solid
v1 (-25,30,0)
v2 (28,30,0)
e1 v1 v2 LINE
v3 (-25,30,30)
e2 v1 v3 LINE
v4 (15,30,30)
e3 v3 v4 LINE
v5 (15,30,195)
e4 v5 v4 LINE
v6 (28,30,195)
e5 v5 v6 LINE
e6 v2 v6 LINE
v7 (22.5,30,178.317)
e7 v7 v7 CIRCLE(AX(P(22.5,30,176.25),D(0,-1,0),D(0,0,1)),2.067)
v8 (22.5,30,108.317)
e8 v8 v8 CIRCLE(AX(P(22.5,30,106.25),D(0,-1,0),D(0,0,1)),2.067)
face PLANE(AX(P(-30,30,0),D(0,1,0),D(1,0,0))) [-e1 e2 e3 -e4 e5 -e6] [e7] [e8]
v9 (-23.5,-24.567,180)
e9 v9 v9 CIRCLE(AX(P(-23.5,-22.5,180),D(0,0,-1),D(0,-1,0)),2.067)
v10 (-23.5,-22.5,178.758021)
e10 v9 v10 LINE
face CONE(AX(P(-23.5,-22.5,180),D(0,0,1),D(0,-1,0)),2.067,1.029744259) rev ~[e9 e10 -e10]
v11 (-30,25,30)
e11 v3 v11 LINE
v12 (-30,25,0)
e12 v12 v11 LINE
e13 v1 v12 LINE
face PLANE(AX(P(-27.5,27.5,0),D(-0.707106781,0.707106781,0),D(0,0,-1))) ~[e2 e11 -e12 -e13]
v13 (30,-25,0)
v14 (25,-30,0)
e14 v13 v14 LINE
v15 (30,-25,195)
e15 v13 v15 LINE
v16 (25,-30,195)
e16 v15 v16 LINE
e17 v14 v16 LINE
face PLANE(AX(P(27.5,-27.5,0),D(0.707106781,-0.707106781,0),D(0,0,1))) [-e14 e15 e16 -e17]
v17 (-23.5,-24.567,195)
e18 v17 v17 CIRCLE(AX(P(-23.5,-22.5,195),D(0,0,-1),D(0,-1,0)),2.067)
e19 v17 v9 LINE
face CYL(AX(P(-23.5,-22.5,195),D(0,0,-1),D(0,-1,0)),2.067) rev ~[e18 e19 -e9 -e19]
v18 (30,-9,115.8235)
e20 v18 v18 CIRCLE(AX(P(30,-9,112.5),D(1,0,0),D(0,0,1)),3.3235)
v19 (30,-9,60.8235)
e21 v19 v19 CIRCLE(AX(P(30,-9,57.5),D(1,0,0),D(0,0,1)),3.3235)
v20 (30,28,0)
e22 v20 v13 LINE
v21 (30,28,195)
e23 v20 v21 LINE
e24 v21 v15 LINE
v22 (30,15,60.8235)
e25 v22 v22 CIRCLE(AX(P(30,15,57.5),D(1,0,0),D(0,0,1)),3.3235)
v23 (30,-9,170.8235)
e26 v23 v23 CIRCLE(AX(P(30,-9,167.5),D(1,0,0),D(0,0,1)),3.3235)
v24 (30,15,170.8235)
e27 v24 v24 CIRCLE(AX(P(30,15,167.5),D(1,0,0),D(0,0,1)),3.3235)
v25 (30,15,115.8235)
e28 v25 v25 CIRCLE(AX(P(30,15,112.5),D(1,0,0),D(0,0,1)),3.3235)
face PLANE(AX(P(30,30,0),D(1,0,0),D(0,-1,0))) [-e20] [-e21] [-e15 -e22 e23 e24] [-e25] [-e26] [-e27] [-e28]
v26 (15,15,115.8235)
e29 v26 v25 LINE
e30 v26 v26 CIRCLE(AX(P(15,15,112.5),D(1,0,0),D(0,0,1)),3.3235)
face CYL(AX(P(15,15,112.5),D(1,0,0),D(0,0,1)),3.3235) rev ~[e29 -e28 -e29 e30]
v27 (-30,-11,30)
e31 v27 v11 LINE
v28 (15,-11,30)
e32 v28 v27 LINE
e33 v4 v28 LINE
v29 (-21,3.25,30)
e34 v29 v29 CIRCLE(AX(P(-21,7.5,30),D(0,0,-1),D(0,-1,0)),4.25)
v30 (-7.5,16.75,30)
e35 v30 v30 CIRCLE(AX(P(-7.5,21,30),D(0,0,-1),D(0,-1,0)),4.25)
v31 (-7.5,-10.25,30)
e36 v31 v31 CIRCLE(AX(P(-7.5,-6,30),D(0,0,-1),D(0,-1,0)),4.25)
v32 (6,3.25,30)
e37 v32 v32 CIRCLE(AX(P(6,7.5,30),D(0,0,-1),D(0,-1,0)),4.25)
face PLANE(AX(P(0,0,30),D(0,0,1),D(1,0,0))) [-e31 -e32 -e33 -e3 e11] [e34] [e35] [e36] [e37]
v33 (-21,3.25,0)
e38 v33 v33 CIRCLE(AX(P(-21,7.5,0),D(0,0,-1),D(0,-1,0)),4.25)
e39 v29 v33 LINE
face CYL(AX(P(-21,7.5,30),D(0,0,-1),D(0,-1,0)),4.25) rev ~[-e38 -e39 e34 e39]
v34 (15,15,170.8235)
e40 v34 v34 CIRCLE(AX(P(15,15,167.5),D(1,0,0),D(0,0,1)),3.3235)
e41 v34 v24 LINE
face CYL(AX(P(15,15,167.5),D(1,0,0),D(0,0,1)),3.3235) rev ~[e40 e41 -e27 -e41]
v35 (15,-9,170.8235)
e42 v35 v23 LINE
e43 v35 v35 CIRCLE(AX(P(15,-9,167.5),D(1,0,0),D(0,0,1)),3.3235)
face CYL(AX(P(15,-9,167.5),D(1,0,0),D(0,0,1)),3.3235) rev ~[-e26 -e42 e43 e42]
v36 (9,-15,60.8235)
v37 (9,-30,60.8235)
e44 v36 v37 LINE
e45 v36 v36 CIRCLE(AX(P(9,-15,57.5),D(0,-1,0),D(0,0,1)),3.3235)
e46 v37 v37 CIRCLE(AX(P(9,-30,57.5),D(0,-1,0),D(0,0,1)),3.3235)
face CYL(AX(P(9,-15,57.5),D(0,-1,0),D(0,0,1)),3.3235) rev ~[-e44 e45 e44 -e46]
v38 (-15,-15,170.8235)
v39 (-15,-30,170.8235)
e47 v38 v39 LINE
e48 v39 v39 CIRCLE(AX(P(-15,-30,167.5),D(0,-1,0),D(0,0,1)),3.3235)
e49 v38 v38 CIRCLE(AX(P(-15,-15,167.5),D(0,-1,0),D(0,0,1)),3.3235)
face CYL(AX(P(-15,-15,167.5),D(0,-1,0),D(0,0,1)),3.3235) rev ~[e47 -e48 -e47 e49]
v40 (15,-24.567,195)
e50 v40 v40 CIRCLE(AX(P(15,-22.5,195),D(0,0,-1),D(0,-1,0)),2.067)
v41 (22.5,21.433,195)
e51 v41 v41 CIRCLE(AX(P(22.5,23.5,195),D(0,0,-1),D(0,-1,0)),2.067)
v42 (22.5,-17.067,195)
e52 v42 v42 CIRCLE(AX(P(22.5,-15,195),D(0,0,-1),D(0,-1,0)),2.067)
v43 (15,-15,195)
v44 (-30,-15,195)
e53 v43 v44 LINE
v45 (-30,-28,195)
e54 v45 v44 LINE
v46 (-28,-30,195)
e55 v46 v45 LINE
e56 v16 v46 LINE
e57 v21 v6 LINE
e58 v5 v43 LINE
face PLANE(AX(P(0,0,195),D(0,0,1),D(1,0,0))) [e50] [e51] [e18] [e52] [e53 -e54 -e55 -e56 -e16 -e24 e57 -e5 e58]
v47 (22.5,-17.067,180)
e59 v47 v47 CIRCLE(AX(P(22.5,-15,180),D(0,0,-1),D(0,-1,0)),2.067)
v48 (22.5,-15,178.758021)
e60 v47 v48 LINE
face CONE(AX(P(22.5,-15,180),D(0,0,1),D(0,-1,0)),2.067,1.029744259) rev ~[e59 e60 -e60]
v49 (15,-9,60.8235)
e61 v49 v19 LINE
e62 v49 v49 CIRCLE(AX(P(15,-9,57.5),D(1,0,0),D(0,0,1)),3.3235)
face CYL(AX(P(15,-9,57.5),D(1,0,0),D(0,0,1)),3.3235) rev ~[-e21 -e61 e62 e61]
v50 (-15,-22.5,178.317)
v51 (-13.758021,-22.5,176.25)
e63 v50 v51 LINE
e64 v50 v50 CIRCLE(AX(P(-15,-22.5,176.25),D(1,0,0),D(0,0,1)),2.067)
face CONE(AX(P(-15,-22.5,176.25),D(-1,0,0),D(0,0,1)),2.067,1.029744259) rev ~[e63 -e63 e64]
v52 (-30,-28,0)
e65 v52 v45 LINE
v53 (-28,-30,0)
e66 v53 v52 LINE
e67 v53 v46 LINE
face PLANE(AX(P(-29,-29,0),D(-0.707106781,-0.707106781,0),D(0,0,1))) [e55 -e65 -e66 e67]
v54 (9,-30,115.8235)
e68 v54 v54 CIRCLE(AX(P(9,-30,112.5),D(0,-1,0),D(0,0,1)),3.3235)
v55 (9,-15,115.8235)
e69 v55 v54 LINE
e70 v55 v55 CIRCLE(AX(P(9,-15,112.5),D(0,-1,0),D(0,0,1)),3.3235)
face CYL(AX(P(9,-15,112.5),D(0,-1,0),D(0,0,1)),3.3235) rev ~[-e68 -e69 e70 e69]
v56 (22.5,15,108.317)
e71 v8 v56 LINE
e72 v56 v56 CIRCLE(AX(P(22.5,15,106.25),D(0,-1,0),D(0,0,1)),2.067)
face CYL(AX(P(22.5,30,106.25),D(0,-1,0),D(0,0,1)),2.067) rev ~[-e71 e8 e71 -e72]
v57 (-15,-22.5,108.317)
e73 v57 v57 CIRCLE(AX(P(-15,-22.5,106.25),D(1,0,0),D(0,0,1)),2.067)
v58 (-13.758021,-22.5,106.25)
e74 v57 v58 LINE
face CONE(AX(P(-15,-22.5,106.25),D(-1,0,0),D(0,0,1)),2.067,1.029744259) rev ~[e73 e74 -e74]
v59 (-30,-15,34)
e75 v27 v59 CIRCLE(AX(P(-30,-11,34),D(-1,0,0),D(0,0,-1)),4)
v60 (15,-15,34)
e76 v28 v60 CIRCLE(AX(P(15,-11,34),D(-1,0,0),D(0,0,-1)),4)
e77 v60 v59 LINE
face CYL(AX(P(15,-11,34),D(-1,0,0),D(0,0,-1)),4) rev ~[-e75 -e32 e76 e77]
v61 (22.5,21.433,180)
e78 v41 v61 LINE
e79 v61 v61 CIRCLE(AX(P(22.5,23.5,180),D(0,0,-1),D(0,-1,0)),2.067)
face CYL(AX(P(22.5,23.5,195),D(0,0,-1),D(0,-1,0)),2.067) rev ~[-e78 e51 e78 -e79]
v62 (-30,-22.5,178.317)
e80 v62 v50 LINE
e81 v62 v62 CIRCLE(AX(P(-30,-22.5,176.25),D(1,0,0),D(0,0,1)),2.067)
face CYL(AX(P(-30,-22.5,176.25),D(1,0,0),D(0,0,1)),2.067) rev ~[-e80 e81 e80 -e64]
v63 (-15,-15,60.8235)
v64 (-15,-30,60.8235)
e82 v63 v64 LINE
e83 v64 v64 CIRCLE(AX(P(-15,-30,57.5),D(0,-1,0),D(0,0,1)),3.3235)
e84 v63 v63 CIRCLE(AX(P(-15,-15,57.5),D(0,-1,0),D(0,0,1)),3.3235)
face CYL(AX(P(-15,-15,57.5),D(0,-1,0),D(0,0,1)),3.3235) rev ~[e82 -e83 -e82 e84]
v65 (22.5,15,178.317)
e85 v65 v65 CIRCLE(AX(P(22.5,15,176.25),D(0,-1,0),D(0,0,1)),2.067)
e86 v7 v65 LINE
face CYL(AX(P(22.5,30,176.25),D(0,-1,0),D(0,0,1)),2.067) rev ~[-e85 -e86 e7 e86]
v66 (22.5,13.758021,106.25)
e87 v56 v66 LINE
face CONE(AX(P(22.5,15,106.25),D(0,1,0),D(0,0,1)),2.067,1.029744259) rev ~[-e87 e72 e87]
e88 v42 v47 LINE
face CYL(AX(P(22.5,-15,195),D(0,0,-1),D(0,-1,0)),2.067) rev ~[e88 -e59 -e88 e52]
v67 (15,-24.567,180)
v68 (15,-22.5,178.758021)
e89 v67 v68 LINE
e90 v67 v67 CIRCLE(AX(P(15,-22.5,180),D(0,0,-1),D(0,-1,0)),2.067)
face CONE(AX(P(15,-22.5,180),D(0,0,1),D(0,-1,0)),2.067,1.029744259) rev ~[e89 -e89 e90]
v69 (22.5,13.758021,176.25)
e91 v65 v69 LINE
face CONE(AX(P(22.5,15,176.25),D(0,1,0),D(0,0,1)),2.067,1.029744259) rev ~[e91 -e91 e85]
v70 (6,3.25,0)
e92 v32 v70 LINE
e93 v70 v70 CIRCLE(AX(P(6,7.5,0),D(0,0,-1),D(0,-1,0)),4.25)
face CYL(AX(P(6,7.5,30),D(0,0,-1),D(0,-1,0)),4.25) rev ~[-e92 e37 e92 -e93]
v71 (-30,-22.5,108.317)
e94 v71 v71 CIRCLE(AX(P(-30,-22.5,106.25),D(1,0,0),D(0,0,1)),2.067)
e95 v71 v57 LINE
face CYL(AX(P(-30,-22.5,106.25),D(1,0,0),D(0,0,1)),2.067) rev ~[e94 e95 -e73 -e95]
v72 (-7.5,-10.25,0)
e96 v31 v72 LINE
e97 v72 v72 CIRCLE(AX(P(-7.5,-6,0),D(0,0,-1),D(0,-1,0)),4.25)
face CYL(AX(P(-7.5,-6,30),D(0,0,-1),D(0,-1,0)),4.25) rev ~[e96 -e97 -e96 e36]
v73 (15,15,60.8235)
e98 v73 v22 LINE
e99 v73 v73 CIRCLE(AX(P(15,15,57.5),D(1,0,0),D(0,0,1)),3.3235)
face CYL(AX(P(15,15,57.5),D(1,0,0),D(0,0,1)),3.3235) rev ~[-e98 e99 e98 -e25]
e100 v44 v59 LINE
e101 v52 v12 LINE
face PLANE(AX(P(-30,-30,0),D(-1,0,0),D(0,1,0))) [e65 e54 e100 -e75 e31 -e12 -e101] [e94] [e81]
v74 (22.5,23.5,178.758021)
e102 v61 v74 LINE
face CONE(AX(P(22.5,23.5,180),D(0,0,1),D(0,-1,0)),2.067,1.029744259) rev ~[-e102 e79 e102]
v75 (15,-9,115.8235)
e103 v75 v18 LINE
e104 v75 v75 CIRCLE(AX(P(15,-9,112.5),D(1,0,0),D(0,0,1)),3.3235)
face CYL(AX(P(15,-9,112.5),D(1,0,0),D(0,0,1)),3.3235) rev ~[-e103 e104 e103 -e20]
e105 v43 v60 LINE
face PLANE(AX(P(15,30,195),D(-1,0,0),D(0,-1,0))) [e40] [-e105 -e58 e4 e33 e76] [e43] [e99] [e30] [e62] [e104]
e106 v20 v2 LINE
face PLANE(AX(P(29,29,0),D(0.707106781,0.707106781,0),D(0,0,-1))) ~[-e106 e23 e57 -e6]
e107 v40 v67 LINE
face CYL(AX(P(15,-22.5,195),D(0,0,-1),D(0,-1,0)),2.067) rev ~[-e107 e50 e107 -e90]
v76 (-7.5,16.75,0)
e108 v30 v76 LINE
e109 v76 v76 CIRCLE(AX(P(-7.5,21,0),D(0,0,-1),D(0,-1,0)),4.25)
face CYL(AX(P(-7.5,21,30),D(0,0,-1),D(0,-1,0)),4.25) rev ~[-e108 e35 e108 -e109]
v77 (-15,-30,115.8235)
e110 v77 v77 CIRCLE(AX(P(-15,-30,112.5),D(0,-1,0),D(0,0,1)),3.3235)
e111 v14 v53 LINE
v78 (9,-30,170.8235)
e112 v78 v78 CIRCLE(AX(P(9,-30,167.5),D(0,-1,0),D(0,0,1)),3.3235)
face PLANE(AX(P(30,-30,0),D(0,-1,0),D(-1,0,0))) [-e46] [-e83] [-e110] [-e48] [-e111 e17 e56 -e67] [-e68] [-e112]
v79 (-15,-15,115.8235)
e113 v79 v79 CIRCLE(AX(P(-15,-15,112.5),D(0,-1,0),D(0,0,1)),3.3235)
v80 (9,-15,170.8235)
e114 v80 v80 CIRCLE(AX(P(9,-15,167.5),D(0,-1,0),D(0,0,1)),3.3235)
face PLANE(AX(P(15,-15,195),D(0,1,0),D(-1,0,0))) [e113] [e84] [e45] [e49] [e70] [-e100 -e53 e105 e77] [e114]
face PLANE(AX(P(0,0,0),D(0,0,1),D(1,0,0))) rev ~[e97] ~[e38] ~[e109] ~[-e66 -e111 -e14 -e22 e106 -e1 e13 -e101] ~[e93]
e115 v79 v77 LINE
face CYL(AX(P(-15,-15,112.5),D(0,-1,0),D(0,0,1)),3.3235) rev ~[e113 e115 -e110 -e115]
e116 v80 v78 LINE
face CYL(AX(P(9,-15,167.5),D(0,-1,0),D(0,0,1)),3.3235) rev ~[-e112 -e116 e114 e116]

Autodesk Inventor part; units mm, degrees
ref_plane "YZ Plane" through (0, 0, 0) normal (1, 0, 0) x (0, 1, 0)
ref_plane "XZ Plane" through (0, 0, 0) normal (0, 1, 0) x (-1, 0, 0)
ref_plane "XY Plane" through (0, 0, 0) normal (0, 0, 1) x (1, 0, 0)
sketch "Sketch5" plane through (0, 0, 0) normal (0, 0, 1) x (1, 0, 0)
  line L0 (-30, 30) -> (30, 30)
  line L1 (30, 30) -> (30, -30)
  line L2 (30, -30) -> (-30, -30)
  line L3 (-30, -30) -> (-30, 30)
  point P0 (0, 0)
  point P1 (0, 30)
  point P2 (30, 0)
  dimension "d8" = 60
  dimension "d9" = 60
extrude "Extrusion5" add sketch "Sketch5" along normal blind 195
sketch "Sketch8" plane through (0, 0, 195) normal (0, 0, 1) x (1, 0, 0)
  line L0 (-30, -30) -> (30, -30) projected
  line L1 (30, -30) -> (30, 30) projected
  line L2 (-30, 30) -> (15, 30)
  line L3 (15, 30) -> (15, -15)
  line L4 (15, -15) -> (-30, -15)
  line L5 (-30, -15) -> (-30, 30)
  point P0 (0, 0)
  dimension "d25" = 15
  dimension "d26" = 15
extrude "Extrusion8" cut sketch "Sketch8" against normal blind 165
sketch "Sketch9" plane through (0, 0, 30) normal (0, 0, 1) x (1, 0, 0)
  circle A0 centre (6, 7.5) radius 4
  circle A1 centre (-21, 7.5) radius 4
  line L0 (30, -30) -> (30, 30) projected
  line L1 (-30, -30) -> (30, -30) projected
  circle A2 centre (6, 7.5) radius 8
  line L2 (-30, -15) -> (-30, 30) projected
  line L3 (15, 30) -> (15, -15) projected
  circle A3 centre (-7.5, -6) radius 4
  circle A4 centre (-7.5, 21) radius 4
  line L4 (15, -15) -> (-30, -15) projected
  point P0 (0, 0)
  point P1 (15, 7.5)
  point P2 (-30, 7.5)
  point P3 (-7.5, -15)
  dimension "d29" = 24
  dimension "d31" = 8
  dimension "d32" = 16
  dimension "d41" = 9
  dimension "d42" = 27
  dimension "d43" = 27
  dimension "d44" = 13.5
  dimension "d45" = 9
hole "Hole1" at (6, 7.5, 30) at (-21, 7.5, 30) at (-7.5, 21, 30) at (-7.5, -6, 30) direction (0, 0, -1) diameter 8.5 end through all
fillet "Fillet2" radius 4 1 edges at (-7.5, -15, 30)
sketch "Sketch10" plane through (15, -15, 195) normal (-1, 0, 0) x (0, 0, 1)
  line L0 (-165, 45) -> (0, 45) projected
  circle A0 centre (-27.5, 30) radius 4
  circle A1 centre (-27.5, 6) radius 4
  circle A2 centre (-82.5, 30) radius 4
  circle A3 centre (-82.5, 6) radius 4
  circle A4 centre (-137.5, 30) radius 4
  circle A5 centre (-137.5, 6) radius 4
  line L1 (-195, -15) -> (0, -15) projected
  line L2 (0, 45) -> (0, 0) projected
  line L3 (-165, 45) -> (-165, 4) projected
  point P0 (-195, 15)
  dimension "d47" = 15
  dimension "d48" = 21
  dimension "d49" = 8
  dimension "d57" = 27.5
  dimension "d58" = 55
  dimension "d59" = 55
  dimension "d60" = 27.5
hole "Hole2" at (15, 15, 167.5) at (15, -9, 167.5) at (15, 15, 112.5) at (15, -9, 112.5) at (15, -9, 57.5) at (15, 15, 57.5) direction (1, 0, 0) diameter 6.647 end through all thread size "M8x1.25" class "6H" standard "ISO Metric profile"
sketch "Sketch11" plane through (-30, -15, 195) normal (0, 1, 0) x (1, 0, 0)
  line L0 (45, 0) -> (0, 0) projected
  circle A0 centre (15, 137.5) radius 4
  circle A1 centre (39, 137.5) radius 4
  circle A2 centre (15, 82.5) radius 4
  circle A3 centre (39, 82.5) radius 4
  circle A4 centre (15, 27.5) radius 4
  circle A5 centre (39, 27.5) radius 4
  line L1 (60, 195) -> (60, 0) projected
  point P0 (30, 195)
  dimension "d63" = 8
  dimension "d65" = 55
  dimension "d66" = 55
  dimension "d68" = 24
  dimension "d69" = 21
  dimension "d70" = 27.5
hole "Hole3" at (9, -15, 167.5) at (-15, -15, 167.5) at (9, -15, 112.5) at (-15, -15, 112.5) at (9, -15, 57.5) at (-15, -15, 57.5) direction (0, -1, 0) diameter 6.647 end through all thread size "M8x1.25" class "6H" standard "ISO Metric profile"
sketch "Sketch12" plane through (-30, -30, 0) normal (-1, 0, 0) x (0, 0, 1)
  line L0 (195, 15) -> (195, 0) projected
  circle A0 centre (176.25, 7.5) radius 3
  circle A1 centre (106.25, 7.5) radius 3
  point P0 (0, 30)
  point P1 (195, 7.5)
  dimension "d78" = 70
  dimension "d79" = 18.75
  dimension "d80" = 6
hole "Hole4" at (-30, -22.5, 176.25) at (-30, -22.5, 106.25) direction (1, 0, 0) diameter 4.134 depth 15 tip angle 118 thread size "M5x0.8" class "6H" standard "ISO Metric profile"
sketch "Sketch13" plane through (-30, 30, 0) normal (0, 1, 0) x (1, 0, 0)
  line L0 (60, -195) -> (45, -195) projected
  circle A0 centre (52.5, -176.25) radius 3
  circle A1 centre (52.5, -106.25) radius 3
  point P0 (30, 0)
  point P1 (52.5, -195)
  dimension "d88" = 18.75
  dimension "d89" = 70
  dimension "d90" = 6
hole "Hole5" at (22.5, 30, 176.25) at (22.5, 30, 106.25) direction (0, -1, 0) diameter 4.134 depth 15 tip angle 118 thread size "M5x0.8" class "6H" standard "ISO Metric profile"
chamfer "Chamfer1" distance 5 angle 45 2 edges at (30, -30, 97.5) (-30, 30, 15)
chamfer "Chamfer2" distance 2 angle 45 2 edges at (30, 30, 97.5) (-30, -30, 97.5)
sketch "Sketch14" plane through (0, 0, 195) normal (0, 0, 1) x (1, 0, 0)
  line L0 (-28, -30) -> (25, -30) projected
  line L1 (30, -25) -> (30, 28) projected
  line L2 (15, -15) -> (-30, -15) projected
  circle A0 centre (15, -22.5) radius 2.5
  circle A1 centre (-23.5, -22.5) radius 2.5
  circle A2 centre (22.5, 23.5) radius 2.5
  line L3 (28, 30) -> (15, 30) projected
  line L4 (-30, -15) -> (-30, -28) projected
  circle A3 centre (22.5, -15) radius 2.5
  point P0 (0, 0)
  dimension "d104" = 15
  dimension "d105" = 7.5
  dimension "d106" = 5
  dimension "d107" = 7.5
  dimension "d116" = 6.5
  dimension "d117" = 6.5
  dimension "d119" = 45
  dimension "d120" = 45
hole "Hole6" at (-23.5, -22.5, 195) at (15, -22.5, 195) at (22.5, 23.5, 195) at (22.5, -15, 195) direction (0, 0, -1) diameter 4.134 depth 15 tip angle 118 thread size "M5x0.8" class "6H" standard "ANSI Metric M Profile"
equation "\"d26\" = d25"
equation "\"d44\" = 0.5 * d43"
equation "\"d107\" = d105"
equation "\"d117\" = d116"
equation "\"d120\" = d119"
properties part number "BC-10016" material "Alumínio 7075"
